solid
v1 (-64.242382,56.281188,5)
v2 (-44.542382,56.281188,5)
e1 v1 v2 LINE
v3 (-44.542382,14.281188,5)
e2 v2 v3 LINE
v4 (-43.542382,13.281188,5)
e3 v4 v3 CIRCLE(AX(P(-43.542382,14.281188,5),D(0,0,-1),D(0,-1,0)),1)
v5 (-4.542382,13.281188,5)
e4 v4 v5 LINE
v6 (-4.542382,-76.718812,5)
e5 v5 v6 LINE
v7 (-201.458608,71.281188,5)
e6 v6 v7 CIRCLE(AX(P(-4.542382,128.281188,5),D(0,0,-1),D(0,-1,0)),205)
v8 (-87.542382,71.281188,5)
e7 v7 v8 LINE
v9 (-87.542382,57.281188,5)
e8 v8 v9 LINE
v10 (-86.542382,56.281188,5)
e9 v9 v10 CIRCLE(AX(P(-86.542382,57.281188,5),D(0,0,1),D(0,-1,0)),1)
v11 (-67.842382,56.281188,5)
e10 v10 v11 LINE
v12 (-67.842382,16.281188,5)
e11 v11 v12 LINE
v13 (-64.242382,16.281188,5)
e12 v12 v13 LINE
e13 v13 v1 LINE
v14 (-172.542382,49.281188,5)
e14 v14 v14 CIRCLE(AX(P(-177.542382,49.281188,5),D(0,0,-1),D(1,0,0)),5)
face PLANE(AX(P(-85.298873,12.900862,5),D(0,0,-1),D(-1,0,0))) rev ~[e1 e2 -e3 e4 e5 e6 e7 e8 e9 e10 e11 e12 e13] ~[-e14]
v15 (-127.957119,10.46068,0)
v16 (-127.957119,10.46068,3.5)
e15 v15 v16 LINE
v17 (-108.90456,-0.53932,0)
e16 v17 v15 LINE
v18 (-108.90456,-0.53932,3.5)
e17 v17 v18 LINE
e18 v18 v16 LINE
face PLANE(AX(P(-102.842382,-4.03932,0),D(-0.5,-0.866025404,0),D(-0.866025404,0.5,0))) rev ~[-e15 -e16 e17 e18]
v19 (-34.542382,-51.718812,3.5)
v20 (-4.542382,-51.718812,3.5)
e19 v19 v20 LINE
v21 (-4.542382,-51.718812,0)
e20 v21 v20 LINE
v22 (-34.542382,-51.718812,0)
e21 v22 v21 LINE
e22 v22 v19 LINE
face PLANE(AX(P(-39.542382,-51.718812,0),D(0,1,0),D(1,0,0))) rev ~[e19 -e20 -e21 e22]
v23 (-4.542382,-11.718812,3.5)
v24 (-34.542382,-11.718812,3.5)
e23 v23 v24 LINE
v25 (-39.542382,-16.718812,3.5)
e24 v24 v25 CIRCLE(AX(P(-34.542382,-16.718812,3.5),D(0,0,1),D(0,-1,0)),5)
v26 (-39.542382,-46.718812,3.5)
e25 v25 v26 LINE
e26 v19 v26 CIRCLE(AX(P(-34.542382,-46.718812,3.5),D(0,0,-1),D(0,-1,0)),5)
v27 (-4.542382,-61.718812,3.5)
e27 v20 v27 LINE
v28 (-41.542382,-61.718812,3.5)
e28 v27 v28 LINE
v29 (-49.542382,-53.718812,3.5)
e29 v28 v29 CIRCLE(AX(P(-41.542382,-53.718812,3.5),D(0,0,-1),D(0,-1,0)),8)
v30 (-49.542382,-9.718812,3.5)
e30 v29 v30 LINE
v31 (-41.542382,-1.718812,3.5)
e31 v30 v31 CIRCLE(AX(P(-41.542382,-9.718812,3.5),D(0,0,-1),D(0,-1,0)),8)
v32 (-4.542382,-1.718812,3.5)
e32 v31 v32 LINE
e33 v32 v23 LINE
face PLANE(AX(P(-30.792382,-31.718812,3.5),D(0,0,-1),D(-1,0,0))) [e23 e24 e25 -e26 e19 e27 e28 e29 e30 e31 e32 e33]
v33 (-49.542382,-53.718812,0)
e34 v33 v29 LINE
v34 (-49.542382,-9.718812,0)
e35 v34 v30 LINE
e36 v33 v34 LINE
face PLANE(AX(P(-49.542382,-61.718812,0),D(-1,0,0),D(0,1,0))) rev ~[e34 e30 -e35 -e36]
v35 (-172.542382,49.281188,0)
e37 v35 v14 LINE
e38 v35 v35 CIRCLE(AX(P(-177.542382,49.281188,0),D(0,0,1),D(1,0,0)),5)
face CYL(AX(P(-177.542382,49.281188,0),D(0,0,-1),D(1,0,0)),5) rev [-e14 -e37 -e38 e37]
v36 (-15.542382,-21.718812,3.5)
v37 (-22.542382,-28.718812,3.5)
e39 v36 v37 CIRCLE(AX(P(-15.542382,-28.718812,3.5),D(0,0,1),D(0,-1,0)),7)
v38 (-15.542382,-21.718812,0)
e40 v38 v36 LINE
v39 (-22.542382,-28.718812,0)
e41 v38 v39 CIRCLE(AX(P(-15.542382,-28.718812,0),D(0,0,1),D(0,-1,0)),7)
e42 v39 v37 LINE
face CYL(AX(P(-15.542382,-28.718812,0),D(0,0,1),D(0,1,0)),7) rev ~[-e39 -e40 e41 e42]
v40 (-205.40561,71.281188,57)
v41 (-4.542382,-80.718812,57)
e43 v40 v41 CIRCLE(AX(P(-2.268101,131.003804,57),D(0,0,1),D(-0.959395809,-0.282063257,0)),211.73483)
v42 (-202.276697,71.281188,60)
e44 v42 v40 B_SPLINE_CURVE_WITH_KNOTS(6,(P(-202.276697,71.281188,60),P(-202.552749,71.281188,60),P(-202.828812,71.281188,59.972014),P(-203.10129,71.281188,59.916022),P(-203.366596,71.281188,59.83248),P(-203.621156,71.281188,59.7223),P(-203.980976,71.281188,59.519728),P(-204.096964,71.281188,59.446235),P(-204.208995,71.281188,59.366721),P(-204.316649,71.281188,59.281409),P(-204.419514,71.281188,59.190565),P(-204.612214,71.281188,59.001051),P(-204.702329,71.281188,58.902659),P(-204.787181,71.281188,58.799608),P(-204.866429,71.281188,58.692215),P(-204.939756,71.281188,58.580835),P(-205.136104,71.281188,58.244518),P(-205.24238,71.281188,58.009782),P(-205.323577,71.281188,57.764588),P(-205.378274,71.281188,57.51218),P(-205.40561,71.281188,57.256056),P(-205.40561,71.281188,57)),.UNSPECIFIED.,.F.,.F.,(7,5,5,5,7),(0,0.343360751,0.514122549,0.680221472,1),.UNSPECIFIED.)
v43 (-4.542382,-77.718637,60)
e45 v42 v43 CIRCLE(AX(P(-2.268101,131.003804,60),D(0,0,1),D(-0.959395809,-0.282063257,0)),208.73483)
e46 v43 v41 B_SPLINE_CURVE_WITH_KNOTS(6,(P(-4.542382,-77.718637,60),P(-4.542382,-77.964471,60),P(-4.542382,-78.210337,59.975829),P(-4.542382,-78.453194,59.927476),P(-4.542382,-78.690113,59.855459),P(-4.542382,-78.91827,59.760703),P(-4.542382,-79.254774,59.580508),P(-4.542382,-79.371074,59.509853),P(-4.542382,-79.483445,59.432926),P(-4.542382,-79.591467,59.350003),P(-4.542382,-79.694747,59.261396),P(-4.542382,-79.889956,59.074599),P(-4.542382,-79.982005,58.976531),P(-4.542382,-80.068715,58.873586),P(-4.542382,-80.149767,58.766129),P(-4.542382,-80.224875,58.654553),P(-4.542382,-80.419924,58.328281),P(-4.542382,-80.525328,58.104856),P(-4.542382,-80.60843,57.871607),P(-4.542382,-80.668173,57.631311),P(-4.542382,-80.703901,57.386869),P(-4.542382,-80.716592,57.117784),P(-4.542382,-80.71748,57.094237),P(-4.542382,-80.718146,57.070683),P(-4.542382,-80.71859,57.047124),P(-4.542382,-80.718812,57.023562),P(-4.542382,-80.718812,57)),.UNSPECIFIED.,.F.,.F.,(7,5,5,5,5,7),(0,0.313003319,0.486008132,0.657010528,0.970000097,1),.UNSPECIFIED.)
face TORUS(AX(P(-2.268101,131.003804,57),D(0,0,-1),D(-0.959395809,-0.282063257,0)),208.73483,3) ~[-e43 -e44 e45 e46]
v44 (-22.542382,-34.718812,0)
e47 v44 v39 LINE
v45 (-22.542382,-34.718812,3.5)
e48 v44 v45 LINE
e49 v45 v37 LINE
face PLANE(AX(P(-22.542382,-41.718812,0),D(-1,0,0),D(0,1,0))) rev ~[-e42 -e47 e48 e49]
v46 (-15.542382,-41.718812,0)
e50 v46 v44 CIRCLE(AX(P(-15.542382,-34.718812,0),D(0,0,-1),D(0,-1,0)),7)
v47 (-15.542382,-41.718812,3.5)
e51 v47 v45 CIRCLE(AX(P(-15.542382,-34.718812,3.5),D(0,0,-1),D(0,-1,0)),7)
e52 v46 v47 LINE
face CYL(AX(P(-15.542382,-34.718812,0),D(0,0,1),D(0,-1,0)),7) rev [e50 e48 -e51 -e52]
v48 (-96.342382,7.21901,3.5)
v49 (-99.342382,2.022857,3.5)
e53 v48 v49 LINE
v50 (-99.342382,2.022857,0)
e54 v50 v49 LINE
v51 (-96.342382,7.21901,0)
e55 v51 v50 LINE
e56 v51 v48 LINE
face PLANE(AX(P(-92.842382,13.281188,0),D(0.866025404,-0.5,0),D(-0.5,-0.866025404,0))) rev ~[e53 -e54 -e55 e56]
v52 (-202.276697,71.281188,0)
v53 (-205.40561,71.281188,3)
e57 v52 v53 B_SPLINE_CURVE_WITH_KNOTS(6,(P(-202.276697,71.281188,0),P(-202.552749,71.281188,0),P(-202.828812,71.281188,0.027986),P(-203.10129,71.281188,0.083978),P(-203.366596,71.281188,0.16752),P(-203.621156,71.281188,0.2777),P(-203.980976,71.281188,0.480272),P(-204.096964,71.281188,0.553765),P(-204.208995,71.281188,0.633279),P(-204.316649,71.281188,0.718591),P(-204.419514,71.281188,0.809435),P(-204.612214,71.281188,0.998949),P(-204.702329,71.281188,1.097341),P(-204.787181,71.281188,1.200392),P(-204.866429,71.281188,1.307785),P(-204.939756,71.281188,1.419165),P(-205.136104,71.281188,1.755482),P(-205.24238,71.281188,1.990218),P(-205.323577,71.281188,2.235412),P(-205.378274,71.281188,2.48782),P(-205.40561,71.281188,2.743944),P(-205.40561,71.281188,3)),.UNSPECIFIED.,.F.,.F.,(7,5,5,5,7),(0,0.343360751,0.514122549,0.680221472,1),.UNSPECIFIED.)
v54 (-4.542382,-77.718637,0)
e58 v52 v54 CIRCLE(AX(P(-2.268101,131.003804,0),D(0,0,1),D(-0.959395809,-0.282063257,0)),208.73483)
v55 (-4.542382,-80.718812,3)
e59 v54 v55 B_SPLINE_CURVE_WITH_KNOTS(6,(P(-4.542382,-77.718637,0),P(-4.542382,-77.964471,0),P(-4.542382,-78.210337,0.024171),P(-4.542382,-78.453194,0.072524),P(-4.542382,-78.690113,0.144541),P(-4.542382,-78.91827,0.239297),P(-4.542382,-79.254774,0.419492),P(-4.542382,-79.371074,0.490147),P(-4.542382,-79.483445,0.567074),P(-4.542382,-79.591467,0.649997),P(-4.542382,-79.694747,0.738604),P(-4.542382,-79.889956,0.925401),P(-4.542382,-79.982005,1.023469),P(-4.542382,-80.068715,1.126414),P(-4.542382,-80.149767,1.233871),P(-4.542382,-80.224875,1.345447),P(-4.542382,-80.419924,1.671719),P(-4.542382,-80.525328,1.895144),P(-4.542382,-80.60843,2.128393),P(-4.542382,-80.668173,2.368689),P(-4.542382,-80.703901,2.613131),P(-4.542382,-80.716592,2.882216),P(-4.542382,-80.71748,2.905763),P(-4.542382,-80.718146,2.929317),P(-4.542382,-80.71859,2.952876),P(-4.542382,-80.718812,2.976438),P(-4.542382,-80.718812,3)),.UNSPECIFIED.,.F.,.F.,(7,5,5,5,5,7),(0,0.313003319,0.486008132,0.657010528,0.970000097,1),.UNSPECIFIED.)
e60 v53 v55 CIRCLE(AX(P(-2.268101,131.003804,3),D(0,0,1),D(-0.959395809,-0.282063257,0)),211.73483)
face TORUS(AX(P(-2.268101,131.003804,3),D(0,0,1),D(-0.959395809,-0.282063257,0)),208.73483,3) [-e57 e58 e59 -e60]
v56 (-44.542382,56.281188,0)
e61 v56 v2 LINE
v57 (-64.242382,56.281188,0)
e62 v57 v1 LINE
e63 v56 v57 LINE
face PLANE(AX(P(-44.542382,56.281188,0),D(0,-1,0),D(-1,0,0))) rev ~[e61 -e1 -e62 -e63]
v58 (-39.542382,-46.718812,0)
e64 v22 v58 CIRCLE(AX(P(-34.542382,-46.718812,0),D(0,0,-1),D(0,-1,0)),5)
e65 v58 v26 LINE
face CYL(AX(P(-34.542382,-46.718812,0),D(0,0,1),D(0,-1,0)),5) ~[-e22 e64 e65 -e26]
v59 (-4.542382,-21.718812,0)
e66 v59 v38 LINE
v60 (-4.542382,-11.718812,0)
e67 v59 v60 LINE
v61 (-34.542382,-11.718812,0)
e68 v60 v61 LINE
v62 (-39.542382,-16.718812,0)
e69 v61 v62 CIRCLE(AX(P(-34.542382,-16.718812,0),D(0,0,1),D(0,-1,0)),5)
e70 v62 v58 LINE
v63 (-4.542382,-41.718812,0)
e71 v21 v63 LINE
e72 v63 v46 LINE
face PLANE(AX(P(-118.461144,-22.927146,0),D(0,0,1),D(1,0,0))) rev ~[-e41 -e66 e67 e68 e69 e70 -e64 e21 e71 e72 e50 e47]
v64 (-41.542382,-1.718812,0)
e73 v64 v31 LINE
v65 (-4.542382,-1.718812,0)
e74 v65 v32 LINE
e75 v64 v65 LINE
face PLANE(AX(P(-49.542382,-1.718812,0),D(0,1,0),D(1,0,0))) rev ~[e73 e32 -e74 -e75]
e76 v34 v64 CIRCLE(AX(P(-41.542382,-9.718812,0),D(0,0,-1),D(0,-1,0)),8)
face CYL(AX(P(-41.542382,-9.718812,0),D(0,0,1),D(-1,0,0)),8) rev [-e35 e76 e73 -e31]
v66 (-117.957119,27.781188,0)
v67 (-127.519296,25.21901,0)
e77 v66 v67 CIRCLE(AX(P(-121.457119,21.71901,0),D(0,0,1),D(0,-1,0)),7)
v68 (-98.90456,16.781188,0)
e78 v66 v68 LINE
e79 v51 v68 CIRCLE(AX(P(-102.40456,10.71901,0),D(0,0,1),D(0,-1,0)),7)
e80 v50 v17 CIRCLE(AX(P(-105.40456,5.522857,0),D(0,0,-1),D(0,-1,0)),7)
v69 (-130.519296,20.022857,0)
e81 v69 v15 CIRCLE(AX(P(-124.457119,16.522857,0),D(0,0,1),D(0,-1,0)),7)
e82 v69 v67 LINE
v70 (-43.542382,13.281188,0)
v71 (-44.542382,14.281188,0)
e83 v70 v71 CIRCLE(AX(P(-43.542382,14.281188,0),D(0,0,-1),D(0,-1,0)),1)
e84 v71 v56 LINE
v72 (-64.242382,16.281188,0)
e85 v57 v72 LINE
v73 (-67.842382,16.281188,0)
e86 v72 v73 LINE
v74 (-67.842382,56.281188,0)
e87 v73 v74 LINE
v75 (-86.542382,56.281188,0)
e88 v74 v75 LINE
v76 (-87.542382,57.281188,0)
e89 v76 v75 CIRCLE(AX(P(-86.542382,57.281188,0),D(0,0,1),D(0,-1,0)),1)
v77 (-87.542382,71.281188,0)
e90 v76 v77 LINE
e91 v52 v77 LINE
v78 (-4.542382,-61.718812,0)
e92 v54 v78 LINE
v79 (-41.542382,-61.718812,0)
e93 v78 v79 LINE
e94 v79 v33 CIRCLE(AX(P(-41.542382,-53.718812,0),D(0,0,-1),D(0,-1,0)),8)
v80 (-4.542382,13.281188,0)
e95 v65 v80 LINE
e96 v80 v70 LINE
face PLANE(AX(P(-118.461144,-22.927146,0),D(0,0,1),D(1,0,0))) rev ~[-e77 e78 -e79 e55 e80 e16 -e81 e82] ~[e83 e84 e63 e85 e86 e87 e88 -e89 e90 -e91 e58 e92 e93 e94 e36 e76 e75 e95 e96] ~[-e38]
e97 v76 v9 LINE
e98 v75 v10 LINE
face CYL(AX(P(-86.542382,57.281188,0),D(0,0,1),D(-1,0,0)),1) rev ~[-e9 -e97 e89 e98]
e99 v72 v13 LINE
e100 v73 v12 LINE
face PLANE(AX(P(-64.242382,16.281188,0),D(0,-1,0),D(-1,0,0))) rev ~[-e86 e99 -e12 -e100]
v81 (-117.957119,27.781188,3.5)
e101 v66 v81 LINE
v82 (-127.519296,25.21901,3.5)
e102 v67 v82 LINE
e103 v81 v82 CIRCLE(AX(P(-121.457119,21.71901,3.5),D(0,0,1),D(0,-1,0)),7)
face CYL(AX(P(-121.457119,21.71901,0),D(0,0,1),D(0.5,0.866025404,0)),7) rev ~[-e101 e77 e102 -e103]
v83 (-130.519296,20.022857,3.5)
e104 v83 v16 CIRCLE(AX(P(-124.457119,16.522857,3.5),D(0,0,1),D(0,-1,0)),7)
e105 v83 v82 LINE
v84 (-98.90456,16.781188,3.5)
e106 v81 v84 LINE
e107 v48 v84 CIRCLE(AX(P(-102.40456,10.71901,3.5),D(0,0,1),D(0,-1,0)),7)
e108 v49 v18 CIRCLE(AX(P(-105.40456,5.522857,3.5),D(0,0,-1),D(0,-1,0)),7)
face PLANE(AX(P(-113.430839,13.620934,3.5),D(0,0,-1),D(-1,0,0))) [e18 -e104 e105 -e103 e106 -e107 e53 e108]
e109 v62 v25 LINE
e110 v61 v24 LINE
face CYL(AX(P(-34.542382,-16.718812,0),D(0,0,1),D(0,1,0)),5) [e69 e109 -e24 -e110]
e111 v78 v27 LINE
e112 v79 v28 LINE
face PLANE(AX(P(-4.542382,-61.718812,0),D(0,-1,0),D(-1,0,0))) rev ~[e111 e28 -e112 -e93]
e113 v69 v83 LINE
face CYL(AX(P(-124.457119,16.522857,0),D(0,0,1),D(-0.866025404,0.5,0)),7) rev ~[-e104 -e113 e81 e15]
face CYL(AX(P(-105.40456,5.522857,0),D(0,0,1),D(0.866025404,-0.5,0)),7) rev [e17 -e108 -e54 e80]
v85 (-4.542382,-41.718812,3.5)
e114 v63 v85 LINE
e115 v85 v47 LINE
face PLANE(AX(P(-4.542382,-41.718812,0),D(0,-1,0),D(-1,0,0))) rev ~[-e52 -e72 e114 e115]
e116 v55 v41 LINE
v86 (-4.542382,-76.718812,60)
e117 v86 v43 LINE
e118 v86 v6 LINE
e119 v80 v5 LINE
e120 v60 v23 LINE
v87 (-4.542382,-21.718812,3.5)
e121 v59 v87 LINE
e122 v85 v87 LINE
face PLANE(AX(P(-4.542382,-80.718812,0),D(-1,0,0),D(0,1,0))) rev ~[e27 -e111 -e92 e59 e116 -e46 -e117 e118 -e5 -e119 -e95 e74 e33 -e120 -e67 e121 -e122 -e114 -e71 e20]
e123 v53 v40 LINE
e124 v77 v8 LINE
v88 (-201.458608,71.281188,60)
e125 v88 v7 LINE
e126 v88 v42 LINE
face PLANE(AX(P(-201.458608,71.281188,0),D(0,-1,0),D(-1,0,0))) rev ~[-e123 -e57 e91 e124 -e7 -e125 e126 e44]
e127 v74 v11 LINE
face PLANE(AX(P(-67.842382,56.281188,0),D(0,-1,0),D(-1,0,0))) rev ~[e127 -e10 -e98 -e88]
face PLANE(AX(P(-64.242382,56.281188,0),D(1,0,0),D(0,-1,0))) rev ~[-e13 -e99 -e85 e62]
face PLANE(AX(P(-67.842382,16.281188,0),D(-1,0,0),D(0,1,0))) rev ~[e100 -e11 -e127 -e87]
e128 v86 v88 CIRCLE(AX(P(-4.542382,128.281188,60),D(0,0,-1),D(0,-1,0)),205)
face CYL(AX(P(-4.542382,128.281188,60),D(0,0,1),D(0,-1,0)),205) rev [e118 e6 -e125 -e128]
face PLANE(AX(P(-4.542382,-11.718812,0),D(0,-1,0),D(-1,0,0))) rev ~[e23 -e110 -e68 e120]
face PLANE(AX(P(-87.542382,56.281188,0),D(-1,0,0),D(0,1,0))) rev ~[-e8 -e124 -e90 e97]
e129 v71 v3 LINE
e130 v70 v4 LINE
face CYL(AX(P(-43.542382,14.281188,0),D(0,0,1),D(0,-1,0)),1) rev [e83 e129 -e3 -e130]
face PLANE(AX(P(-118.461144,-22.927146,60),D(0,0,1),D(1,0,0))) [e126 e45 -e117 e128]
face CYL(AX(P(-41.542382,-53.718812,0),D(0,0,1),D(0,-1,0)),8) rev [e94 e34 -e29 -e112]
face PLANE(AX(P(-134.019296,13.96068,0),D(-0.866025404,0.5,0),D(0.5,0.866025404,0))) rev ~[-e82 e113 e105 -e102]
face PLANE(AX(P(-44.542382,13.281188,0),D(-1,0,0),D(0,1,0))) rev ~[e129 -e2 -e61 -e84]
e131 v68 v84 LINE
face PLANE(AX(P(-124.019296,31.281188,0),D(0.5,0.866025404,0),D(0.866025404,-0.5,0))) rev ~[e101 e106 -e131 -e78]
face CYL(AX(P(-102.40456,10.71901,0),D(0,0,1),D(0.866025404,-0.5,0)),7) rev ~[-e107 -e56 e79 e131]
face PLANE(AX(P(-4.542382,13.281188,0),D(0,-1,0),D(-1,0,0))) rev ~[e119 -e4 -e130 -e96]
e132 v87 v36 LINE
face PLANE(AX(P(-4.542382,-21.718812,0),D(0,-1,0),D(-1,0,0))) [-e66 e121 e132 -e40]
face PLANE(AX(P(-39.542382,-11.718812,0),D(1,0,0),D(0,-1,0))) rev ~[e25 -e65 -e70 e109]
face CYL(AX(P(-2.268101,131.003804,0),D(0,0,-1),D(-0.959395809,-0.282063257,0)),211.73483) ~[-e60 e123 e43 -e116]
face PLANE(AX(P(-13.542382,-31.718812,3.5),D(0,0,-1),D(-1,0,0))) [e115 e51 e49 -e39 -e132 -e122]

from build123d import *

# Parameters (mm, degrees)
SKETCH1_R           = 5
BOSS_EXTRUDE1_DEPTH = 60
CUT_EXTRUDE1_DEPTH  = 55
CUT_EXTRUDE2_DEPTH  = 3.5
FILLET1_R           = 3
SKETCH4_W           = 18
SKETCH4_H           = 20
CUT_EXTRUDE3_DEPTH  = 3.5
FILLET3_R           = 7
FILLET4_R           = 1
FILLET5_R           = 8
FILLET6_R           = 5


with BuildPart() as part:
    # Sketch1 → Boss-Extrude1 (new body)
    # profile 1 of 2: a face of its own
    with BuildSketch(Plane.XY):
        with BuildLine():
            ThreePointArc((-201.458607688, 71.281187739), (-127.708935748, -35.593764587), (-4.542381846, -76.718812261))
            Line((-4.542381846, -76.718812261), (-4.542381846, -6.718812261))
            Line((-4.542381846, -6.718812261), (-4.542381846, 13.281187739))
            Line((-4.542381846, 13.281187739), (-44.542381846, 13.281187739))
            Line((-44.542381846, 13.281187739), (-44.542381846, 56.281187739))
            Line((-44.542381846, 56.281187739), (-64.242381846, 56.281187739))
            Line((-64.242381846, 56.281187739), (-64.242381846, 16.281187739))
            Line((-64.242381846, 16.281187739), (-67.842381846, 16.281187739))
            Line((-67.842381846, 16.281187739), (-67.842381846, 56.281187739))
            Line((-67.842381846, 56.281187739), (-87.542381846, 56.281187739))
            Line((-87.542381846, 56.281187739), (-87.542381846, 71.281187739))
            Line((-87.542381846, 71.281187739), (-201.458607688, 71.281187739))
        make_face()
        with Locations((-177.542381846, 49.281187739)):
            Circle(SKETCH1_R, mode=Mode.SUBTRACT)
    # profile 2 of 2: a face of its own
    with BuildSketch(Plane.XY):
        with BuildLine():
            Line((-4.542381846, -80.718812261), (-4.542381846, -76.718812261))
            ThreePointArc((-4.542381846, -76.718812261), (-127.708935748, -35.593764587), (-201.458607688, 71.281187739))
            Line((-201.458607688, 71.281187739), (-205.405610163, 71.281187739))
            ThreePointArc((-205.405610163, 71.281187739), (-130.035471154, -37.836764924), (-4.542381846, -80.718812261))
        make_face()
    extrude(amount=BOSS_EXTRUDE1_DEPTH)

    # Sketch2 → Cut-Extrude1 (cut)
    with BuildSketch(Plane.XY.offset(60)):
        with BuildLine():
            Line((-4.542381846, 71.281187739), (-4.542381846, -76.718812261))
            ThreePointArc((-4.542381846, -76.718812261), (-127.708935748, -35.593764587), (-201.458607688, 71.281187739))
            Line((-201.458607688, 71.281187739), (-4.542381846, 71.281187739))
        make_face()
    extrude(amount=-CUT_EXTRUDE1_DEPTH, mode=Mode.SUBTRACT)

    # Sketch3 → Cut-Extrude2 (cut)
    with BuildSketch(Plane(origin=(0, 0, 0), x_dir=(-1, 0, 0), z_dir=(0, 0, -1))):
        Polygon((4.542381846, -61.718812261), (49.542381846, -61.718812261), (49.542381846, -51.718812261), (49.542381846, -21.718812261), (49.542381846, -1.718812261), (4.542381846, -1.718812261), (4.542381846, -11.718812261), (39.542381846, -11.718812261), (39.542381846, -51.718812261), (4.542381846, -51.718812261), align=None)
    extrude(amount=-CUT_EXTRUDE2_DEPTH, mode=Mode.SUBTRACT)

    # Fillet1
    fillet1_edges = [part.edges().sort_by_distance(p)[0] for p in [
        (-130.035471154, -37.836764924, 60),
        (-130.035471154, -37.836764924, 0),
    ]]
    fillet(fillet1_edges, radius=FILLET1_R)

    # Sketch4 → Cut-Extrude3 (cut)
    with BuildSketch(Plane(origin=(0, 0, 0), x_dir=(-1, 0, 0), z_dir=(0, 0, -1))):
        Polygon((102.842381846, -4.039320336), (134.019296382, 13.960679664), (124.019296382, 31.281187739), (92.842381846, 13.281187739), align=None)
        with Locations((13.542381846, -31.718812261)):
            Rectangle(SKETCH4_W, SKETCH4_H)
    extrude(amount=-CUT_EXTRUDE3_DEPTH, mode=Mode.SUBTRACT)

    # Fillet3
    fillet3_edges = [part.edges().sort_by_distance(p)[0] for p in [
        (-102.842381846, -4.039320336, 1.75),
        (-92.842381846, 13.281187739, 1.75),
        (-124.019296382, 31.281187739, 1.75),
        (-134.019296382, 13.960679664, 1.75),
        (-22.542381846, -21.718812261, 1.75),
        (-22.542381846, -41.718812261, 1.75),
    ]]
    fillet(fillet3_edges, radius=FILLET3_R)

    # Fillet4
    fillet4_edges = [part.edges().sort_by_distance(p)[0] for p in [
        (-87.542381846, 56.281187739, 2.5),
        (-44.542381846, 13.281187739, 2.5),
    ]]
    fillet(fillet4_edges, radius=FILLET4_R)

    # Fillet5
    fillet5_edges = [part.edges().sort_by_distance(p)[0] for p in [
        (-49.542381846, -1.718812261, 1.75),
        (-49.542381846, -61.718812261, 1.75),
    ]]
    fillet(fillet5_edges, radius=FILLET5_R)

    # Fillet6
    fillet6_edges = [part.edges().sort_by_distance(p)[0] for p in [
        (-39.542381846, -51.718812261, 1.75),
        (-39.542381846, -11.718812261, 1.75),
    ]]
    fillet(fillet6_edges, radius=FILLET6_R)


solid = part.part
